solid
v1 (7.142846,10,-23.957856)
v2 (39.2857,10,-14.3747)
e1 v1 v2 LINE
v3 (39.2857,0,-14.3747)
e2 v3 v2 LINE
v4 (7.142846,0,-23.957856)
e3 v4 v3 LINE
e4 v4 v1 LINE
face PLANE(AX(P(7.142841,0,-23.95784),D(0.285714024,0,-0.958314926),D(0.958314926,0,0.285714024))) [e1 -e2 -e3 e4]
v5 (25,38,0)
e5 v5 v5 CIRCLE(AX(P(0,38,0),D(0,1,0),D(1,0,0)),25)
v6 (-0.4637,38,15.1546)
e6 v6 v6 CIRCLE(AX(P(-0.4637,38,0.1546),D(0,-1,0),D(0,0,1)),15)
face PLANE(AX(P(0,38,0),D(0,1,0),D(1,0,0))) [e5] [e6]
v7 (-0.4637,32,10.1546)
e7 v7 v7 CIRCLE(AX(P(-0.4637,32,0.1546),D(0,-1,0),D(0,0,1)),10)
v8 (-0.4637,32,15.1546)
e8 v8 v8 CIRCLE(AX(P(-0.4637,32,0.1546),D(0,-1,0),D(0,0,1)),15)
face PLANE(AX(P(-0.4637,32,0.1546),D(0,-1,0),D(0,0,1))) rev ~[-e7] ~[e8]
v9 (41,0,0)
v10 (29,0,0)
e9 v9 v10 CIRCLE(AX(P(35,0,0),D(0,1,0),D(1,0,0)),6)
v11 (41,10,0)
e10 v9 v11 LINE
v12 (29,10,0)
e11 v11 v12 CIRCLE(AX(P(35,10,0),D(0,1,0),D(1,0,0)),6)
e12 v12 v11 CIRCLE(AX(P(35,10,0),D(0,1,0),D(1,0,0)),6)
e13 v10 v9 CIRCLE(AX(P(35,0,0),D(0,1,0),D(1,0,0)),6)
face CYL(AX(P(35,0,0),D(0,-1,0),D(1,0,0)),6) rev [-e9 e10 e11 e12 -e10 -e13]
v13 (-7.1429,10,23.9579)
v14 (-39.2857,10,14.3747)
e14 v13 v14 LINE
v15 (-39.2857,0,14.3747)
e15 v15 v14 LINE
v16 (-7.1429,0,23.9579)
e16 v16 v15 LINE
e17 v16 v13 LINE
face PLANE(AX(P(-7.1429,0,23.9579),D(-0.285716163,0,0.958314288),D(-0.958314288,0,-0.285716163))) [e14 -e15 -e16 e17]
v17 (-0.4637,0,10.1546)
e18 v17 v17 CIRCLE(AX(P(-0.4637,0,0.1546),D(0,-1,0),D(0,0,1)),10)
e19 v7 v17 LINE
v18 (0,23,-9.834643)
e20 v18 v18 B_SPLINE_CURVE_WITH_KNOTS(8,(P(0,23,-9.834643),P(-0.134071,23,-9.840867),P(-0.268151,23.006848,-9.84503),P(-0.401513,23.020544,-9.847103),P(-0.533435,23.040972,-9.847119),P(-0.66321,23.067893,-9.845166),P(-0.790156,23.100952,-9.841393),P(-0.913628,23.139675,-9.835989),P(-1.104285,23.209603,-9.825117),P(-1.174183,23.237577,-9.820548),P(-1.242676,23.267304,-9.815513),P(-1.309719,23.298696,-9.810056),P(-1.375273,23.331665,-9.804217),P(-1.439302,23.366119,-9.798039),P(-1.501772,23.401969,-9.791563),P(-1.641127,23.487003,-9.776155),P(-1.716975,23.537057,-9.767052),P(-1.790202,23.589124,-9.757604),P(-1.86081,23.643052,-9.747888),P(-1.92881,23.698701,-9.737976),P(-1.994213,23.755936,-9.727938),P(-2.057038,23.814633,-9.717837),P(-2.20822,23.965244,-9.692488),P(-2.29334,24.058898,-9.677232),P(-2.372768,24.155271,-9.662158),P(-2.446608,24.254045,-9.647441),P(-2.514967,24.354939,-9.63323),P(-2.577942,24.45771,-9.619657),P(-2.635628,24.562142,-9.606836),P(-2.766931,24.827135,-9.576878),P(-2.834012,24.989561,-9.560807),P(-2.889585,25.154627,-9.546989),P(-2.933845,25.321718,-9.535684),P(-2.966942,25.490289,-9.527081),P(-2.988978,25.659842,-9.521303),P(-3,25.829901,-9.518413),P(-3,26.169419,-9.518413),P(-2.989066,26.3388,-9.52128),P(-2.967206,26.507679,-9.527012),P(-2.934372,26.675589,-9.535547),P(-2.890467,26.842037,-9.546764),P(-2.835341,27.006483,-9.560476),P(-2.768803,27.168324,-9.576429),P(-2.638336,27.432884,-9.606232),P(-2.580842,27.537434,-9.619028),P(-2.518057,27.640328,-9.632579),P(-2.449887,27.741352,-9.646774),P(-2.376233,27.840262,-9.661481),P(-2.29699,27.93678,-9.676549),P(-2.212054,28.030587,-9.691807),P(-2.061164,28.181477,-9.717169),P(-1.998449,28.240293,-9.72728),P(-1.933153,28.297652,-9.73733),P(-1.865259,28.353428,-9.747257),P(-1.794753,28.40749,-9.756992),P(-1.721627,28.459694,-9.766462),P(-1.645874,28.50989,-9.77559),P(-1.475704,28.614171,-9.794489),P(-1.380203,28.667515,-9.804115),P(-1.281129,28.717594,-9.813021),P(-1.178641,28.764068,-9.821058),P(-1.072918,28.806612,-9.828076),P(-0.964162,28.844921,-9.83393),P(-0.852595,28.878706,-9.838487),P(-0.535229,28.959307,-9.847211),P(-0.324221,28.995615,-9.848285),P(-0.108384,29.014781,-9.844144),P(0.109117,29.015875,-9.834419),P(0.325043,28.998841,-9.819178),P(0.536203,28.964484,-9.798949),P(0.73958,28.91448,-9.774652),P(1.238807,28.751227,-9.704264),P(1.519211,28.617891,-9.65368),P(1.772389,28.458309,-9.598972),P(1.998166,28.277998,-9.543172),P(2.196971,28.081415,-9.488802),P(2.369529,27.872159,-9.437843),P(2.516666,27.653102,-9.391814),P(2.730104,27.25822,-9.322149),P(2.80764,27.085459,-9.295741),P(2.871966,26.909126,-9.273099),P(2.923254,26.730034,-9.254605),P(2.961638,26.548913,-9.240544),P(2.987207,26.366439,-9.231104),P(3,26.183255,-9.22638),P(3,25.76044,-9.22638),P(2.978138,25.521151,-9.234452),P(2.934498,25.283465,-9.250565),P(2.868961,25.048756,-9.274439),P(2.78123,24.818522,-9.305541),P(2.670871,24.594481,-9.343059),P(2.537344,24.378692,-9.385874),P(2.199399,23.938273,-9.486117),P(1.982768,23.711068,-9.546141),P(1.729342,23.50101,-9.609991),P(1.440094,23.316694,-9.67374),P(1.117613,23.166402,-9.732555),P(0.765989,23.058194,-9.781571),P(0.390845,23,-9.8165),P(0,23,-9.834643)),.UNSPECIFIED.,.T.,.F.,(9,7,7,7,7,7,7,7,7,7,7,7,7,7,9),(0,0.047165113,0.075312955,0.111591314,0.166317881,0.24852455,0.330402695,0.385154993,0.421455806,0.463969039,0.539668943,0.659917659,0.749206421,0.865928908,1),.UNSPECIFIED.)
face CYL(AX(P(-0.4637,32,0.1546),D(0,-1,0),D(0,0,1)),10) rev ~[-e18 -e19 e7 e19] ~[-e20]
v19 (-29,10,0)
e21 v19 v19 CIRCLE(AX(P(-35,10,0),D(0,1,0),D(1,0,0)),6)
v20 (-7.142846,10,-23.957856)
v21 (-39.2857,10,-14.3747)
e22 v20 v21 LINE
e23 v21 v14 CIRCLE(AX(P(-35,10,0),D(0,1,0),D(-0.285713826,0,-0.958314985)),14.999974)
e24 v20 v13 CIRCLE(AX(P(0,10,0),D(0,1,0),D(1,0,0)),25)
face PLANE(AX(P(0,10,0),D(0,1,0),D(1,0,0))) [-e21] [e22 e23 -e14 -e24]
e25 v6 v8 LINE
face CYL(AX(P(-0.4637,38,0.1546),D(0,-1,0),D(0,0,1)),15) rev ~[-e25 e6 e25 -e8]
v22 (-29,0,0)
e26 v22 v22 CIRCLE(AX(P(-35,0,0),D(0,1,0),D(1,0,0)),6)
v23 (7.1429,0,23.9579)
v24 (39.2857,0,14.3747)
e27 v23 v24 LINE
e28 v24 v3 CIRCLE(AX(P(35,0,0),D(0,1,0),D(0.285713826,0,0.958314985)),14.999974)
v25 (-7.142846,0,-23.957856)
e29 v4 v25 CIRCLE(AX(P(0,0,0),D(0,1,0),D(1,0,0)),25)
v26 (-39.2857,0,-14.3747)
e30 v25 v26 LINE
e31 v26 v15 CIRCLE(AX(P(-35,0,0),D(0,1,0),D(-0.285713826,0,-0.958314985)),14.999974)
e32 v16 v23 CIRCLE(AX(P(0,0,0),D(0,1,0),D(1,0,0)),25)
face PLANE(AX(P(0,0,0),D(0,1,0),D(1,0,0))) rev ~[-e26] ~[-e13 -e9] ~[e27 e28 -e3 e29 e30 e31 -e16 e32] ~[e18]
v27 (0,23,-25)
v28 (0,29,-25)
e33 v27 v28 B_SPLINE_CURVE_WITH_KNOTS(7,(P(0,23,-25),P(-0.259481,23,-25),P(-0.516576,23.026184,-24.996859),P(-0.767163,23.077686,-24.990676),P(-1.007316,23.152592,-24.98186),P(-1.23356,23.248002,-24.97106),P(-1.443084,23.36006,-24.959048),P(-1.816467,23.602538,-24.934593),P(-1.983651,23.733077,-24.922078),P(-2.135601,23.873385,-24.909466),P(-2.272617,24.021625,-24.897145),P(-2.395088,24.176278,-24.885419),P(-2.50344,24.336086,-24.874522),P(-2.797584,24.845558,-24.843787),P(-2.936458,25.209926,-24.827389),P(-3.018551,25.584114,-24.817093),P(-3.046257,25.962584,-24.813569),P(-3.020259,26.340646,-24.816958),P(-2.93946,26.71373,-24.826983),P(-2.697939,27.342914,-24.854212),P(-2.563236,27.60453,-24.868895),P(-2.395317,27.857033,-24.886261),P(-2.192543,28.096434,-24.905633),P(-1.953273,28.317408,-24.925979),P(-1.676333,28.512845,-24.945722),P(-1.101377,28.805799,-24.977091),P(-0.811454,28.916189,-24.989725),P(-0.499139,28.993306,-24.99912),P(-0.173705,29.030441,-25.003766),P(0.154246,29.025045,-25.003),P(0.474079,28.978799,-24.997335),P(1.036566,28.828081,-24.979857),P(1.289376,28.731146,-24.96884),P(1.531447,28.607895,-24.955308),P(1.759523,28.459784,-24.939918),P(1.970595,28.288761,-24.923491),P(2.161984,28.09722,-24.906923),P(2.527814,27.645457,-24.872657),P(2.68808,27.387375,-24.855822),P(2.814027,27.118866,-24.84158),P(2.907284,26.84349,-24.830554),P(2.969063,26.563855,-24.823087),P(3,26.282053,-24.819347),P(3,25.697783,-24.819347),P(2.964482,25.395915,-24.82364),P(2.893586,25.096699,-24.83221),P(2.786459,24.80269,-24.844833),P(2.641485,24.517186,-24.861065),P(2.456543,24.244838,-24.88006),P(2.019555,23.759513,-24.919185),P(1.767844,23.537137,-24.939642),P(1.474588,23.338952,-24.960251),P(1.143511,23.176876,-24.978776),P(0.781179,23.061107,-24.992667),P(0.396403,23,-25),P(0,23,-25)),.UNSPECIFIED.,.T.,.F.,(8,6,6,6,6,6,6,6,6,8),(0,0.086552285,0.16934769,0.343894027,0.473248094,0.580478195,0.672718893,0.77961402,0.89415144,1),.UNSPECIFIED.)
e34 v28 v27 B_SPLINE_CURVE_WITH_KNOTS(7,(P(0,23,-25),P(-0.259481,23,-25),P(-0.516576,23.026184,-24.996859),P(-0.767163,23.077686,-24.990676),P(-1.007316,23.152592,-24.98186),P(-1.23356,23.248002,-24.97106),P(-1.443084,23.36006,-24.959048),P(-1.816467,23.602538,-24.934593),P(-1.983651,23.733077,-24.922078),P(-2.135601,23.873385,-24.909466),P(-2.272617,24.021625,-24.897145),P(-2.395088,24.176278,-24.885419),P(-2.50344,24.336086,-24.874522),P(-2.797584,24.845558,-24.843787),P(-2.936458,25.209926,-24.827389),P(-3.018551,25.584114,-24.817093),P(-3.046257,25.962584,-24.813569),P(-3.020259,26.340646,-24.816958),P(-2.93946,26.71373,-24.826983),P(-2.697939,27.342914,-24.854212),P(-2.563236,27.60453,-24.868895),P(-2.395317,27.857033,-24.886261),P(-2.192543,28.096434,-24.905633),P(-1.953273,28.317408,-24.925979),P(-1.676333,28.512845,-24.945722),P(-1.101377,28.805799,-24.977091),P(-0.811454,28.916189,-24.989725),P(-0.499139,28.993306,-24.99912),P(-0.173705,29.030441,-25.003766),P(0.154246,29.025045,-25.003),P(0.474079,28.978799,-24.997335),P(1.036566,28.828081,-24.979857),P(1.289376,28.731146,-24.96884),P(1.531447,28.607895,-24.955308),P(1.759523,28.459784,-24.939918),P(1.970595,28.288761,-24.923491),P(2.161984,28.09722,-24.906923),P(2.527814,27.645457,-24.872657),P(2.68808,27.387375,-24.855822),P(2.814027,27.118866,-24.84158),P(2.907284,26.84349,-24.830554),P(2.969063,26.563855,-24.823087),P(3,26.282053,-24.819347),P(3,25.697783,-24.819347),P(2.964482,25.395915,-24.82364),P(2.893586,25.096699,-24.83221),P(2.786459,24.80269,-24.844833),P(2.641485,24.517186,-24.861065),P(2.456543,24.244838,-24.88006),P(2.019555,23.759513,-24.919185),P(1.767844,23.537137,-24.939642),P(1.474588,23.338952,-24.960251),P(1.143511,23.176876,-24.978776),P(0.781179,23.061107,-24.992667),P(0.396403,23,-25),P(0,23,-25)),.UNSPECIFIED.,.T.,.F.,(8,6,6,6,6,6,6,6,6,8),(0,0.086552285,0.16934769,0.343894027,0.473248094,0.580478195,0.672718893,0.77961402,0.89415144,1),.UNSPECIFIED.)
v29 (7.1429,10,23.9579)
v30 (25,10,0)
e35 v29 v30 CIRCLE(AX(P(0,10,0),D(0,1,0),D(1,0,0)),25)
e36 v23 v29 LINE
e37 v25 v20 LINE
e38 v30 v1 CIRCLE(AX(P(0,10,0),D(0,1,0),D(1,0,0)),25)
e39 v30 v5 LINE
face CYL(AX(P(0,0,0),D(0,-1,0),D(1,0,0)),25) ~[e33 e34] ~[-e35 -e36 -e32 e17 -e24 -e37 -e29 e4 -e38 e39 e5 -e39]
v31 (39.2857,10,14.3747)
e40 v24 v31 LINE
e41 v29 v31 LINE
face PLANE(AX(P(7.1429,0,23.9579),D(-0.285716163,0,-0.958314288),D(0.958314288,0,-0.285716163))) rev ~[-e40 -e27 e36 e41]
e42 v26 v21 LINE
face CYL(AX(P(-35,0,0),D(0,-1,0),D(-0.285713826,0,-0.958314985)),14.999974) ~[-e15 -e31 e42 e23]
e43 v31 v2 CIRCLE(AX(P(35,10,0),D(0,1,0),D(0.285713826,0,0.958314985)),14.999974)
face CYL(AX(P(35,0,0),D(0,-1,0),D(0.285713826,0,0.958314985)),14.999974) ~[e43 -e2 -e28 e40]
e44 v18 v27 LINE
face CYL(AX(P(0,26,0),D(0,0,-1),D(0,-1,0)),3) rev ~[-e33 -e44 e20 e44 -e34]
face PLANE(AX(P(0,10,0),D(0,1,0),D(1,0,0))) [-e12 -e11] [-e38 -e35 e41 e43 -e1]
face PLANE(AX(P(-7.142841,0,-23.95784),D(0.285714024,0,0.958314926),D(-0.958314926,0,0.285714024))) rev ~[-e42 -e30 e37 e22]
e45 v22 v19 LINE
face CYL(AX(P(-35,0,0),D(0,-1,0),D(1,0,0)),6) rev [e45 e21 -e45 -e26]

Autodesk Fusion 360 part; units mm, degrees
sketch "Sketch1" plane through (0, 0, 0) normal (0, 1, 0) x (1, 0, 0)
  circle A0 centre (0, 0) radius 25
  line L0 (20, 0) -> (35, 0)
  line L1 (7.1429, -23.9579) -> (39.2857, -14.3747)
  line L2 (-2.1697, 26.7343) -> (39.2857, 14.3747)
  arc A1 (39.2857, -14.3747) -> (39.2857, 14.3747) centre (35, 0) ccw
  line L3 (0, -63.6354) -> (0, 71.5668)
  line L4 (-7.1429, -23.9579) -> (-39.2857, -14.3747)
  arc A2 (-39.2857, 14.3747) -> (-39.2857, -14.3747) centre (-35, 0) ccw
  line L5 (2.1697, 26.7343) -> (-39.2857, 14.3747)
  circle A3 centre (0, 0) radius 25
  circle A4 centre (-35, 0) radius 6
  circle A5 centre (35, 0) radius 6
  dimension "d1" = 50
  dimension "d2" = 35
  dimension "d3" = 30
  dimension "d4" = 12
  dimension "d5" = 12
extrude "Extrude1" add sketch "Sketch1" along normal blind 10 contours A0 L1 L2 A1 A3 | A0 L4 A2 L5 A3 makes body 1 at (31.6163, 0, 10.1046) makes body 2 at (-31.6163, 0, -10.1046)
sketch "Sketch2" plane through (0, 0, 0) normal (0, 1, 0) x (1, 0, 0)
  circle A0 centre (0, 0) radius 25
  circle A1 centre (0, 0) radius 25
  dimension "d8" = 50
  dimension "d9" = 50
extrude "Extrude2" add sketch "Sketch2" along normal blind 38 bodies 1 2
hole "Hole1" at (-0.4637, 38, 0.1546) direction (0, -1, 0) diameter 20 depth 38 tip angle 180 counterbore diameter 30 counterbore depth 6 bodies 1
sketch "Sketch3" plane through (0, 0, 0) normal (0, 0, 1) x (1, 0, 0)
  line L0 (0, 0) -> (0, 26)
  dimension "d17" = 26
hole "Hole2" at (0, 26, 0) direction (0, 0, -1) diameter 6 depth 25 tip angle 180 bodies 1
